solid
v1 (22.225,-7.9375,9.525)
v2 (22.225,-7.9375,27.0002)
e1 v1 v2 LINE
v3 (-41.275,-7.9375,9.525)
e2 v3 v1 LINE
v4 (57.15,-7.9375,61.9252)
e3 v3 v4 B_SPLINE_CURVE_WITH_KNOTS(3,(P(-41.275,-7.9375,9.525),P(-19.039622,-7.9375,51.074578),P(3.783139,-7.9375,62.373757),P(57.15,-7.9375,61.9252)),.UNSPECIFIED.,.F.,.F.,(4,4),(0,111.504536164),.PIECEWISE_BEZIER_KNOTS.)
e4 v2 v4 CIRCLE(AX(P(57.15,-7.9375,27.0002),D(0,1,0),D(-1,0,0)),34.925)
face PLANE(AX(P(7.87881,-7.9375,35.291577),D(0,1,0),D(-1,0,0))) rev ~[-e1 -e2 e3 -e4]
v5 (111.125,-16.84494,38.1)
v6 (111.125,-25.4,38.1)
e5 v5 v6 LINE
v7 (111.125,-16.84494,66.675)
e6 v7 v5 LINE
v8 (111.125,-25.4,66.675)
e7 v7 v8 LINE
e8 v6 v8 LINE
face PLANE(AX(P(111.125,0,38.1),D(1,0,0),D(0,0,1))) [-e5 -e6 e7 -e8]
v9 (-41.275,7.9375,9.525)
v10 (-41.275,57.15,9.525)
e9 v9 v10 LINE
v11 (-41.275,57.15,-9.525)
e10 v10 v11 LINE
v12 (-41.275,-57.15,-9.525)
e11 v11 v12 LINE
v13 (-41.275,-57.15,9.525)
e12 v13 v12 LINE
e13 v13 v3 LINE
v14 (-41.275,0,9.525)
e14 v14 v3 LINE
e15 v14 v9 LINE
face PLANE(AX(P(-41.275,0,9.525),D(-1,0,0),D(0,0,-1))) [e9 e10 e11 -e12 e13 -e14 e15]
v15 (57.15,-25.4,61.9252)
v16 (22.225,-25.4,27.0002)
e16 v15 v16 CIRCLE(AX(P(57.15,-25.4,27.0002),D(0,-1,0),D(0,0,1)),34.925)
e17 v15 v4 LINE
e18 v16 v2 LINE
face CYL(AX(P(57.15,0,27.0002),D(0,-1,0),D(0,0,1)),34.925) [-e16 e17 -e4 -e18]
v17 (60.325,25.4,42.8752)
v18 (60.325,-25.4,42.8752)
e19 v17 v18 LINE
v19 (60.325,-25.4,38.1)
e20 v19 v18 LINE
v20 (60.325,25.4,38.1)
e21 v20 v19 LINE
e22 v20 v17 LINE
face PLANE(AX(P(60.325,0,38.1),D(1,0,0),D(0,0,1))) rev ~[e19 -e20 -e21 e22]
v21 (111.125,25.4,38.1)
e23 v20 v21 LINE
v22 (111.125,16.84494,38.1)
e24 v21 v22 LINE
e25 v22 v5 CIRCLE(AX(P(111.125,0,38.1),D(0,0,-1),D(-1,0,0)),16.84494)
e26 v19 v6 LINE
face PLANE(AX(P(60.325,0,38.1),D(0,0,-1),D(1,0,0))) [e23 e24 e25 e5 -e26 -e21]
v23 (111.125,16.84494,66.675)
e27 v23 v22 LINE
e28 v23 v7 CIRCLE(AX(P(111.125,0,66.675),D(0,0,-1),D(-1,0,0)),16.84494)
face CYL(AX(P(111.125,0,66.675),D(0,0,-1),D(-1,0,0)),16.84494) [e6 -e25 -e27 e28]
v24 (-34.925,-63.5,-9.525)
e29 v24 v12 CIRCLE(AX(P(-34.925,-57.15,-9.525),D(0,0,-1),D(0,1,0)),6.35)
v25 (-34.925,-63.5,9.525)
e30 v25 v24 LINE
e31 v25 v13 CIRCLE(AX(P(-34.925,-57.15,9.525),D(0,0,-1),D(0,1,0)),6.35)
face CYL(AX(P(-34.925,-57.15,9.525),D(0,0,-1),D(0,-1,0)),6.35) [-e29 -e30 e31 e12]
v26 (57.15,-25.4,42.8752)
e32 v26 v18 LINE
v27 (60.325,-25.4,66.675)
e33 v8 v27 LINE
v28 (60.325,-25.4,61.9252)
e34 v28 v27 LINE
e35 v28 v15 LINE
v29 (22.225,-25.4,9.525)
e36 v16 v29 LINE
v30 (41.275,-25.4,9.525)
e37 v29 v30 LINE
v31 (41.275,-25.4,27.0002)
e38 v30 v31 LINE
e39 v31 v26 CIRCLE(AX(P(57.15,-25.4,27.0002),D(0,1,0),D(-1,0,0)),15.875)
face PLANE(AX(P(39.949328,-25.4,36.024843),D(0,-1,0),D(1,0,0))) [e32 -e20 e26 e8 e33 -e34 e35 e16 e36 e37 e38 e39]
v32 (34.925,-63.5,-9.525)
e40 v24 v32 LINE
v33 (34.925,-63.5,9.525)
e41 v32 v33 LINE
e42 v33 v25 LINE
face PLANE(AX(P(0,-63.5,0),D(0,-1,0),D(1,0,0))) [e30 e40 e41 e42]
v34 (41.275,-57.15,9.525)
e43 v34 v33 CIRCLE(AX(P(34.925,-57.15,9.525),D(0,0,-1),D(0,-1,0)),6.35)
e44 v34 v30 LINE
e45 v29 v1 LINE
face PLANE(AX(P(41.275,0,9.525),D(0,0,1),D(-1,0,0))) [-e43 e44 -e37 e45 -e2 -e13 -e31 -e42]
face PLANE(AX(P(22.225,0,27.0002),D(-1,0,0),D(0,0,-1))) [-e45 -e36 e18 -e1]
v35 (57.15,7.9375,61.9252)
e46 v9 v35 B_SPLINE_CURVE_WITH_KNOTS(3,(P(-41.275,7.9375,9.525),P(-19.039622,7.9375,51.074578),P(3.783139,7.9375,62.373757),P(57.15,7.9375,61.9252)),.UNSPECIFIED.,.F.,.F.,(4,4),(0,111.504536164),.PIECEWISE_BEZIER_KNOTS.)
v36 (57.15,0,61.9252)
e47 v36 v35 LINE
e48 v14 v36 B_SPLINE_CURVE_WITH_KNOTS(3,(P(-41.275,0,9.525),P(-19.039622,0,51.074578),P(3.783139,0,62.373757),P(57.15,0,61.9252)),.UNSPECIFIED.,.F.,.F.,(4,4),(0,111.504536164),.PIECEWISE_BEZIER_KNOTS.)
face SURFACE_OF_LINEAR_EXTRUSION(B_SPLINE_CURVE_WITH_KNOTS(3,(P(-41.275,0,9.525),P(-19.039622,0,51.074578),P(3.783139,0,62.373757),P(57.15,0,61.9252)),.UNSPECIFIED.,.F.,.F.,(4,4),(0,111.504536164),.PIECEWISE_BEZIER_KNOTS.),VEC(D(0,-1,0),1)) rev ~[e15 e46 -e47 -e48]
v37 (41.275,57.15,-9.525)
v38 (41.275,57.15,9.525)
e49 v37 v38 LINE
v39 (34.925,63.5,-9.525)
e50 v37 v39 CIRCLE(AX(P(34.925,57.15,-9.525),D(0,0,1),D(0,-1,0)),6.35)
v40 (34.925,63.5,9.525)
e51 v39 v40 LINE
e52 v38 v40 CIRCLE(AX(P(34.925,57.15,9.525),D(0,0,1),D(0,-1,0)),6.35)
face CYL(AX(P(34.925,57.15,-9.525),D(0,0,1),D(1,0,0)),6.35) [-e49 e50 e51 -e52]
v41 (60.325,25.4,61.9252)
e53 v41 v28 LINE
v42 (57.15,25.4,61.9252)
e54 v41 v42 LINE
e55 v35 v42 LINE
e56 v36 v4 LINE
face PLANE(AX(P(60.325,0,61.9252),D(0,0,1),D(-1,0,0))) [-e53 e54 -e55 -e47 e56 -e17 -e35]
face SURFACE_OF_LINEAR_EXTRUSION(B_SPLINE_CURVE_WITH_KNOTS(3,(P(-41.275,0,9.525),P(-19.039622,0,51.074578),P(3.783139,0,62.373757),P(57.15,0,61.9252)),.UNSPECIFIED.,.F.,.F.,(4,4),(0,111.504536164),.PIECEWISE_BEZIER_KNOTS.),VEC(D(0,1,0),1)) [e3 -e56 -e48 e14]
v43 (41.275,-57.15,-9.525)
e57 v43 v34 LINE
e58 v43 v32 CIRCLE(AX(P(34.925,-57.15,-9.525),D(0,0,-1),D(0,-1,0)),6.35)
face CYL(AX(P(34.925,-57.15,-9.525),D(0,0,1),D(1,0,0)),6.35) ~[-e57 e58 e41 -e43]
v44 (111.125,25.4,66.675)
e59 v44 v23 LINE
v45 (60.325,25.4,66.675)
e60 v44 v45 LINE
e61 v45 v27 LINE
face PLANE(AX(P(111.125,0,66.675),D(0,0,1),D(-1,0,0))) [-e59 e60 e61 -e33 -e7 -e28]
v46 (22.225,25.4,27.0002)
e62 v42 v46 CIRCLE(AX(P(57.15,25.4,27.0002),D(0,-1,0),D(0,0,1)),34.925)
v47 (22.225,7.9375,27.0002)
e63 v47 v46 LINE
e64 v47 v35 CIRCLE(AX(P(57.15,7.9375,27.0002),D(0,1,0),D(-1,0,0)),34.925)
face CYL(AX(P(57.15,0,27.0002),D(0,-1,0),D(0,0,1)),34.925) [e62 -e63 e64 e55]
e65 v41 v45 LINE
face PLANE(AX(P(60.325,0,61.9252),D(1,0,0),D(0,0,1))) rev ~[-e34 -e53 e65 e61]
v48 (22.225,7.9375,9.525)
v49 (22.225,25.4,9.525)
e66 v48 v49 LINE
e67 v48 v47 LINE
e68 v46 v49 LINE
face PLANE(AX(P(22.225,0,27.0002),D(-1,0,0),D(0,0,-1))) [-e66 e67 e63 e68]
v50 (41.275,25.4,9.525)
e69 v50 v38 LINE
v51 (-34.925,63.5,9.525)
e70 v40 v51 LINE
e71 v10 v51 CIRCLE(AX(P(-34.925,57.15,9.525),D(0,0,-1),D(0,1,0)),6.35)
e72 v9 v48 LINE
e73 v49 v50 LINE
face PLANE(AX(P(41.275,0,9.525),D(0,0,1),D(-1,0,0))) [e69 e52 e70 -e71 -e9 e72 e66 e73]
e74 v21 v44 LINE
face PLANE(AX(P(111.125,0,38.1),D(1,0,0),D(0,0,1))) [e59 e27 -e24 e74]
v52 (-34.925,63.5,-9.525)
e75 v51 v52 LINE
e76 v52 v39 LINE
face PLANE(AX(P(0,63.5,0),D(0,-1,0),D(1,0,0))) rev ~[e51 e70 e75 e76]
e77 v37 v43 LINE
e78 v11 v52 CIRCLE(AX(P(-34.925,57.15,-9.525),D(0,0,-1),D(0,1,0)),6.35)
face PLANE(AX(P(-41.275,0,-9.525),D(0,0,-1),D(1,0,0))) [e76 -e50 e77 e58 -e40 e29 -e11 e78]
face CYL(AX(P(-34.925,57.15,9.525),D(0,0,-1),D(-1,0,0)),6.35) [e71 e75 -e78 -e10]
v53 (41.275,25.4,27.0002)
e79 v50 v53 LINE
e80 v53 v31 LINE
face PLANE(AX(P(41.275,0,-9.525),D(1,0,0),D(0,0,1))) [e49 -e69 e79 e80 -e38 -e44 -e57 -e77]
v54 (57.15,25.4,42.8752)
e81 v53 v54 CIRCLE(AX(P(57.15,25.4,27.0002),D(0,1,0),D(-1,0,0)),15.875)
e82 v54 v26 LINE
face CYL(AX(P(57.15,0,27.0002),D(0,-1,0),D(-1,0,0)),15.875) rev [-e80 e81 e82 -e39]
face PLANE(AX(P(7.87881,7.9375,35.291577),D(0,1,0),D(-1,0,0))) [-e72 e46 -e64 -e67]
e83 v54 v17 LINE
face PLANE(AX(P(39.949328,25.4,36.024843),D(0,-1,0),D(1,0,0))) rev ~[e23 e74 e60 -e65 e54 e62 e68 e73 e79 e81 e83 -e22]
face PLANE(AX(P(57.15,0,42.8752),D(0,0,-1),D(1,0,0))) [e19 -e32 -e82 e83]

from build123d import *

# Parameters (mm, degrees)
F1_DEPTH = 63.5
F2_DEPTH = 7.9375
F0_W     = 33.9550597797
F0_H     = 4.7752
F0_H_2   = 19.05
F0_H_3   = 4.7498
F3_DEPTH = 25.4
F5_R     = 6.35


with BuildPart() as f1:
    # F0 (on Front) → F1 (new body, symmetric)
    with BuildSketch(Plane.XZ):
        Polygon((-41.275, 9.525), (-41.275, -9.525), (41.275, -9.525), (41.275, 9.525), (22.225, 9.525), align=None)
    extrude(amount=F1_DEPTH, both=True)

    # F0 (on Front) → F2 (join, symmetric)
    with BuildSketch(Plane.XZ):
        with BuildLine():
            add(Edge.make_bspline(
                [(-41.275, 9.525), (-19.039621679, 51.0745784103), (3.7831389959, 62.3737565157), (57.15, 61.9252)],
                knots=[0, 0, 0, 0, 111.5045361635, 111.5045361635, 111.5045361635, 111.5045361635], degree=3))
            Line((-41.275, 9.525), (22.225, 9.525))
            Line((22.225, 9.525), (22.225, 27.0002))
            ThreePointArc((22.225, 27.0002), (32.4542956671, 51.6959043329), (57.15, 61.9252))
        make_face()
    extrude(amount=F2_DEPTH, both=True)

    # F0 (on Front) → F3 (join, symmetric)
    with BuildSketch(Plane.XZ):
        with BuildLine():
            Line((22.225, 9.525), (41.275, 9.525))
            Line((41.275, 9.525), (41.275, 27.0002))
            ThreePointArc((41.275, 27.0002), (45.9246798487, 38.2255201513), (57.15, 42.8752))
            Line((57.15, 42.8752), (60.325, 42.8752))
            Line((60.325, 42.8752), (60.325, 61.9252))
            Line((60.325, 61.9252), (57.15, 61.9252))
            ThreePointArc((57.15, 61.9252), (32.4542956671, 51.6959043329), (22.225, 27.0002))
            Line((22.225, 27.0002), (22.225, 9.525))
        make_face()
        with Locations((77.3025298899, 40.4876)):
            Rectangle(F0_W, F0_H)
        with Locations((77.3025298899, 52.4002)):
            Rectangle(F0_W, F0_H_2)
        with Locations((77.3025298899, 64.3001)):
            Rectangle(F0_W, F0_H_3)
        Polygon((94.2800597797, 66.675), (94.2800597797, 61.9252), (94.2800597797, 42.8752), (94.2800597797, 38.1), (111.125, 38.1), (111.125, 66.675), align=None)
    extrude(amount=F3_DEPTH, both=True)

    # F0 (on Front) → F4 (revolve)
    with BuildSketch(Plane.XZ):
        Polygon((94.2800597797, 66.675), (94.2800597797, 61.9252), (94.2800597797, 42.8752), (94.2800597797, 38.1), (111.125, 38.1), (111.125, 66.675), align=None)
    revolve(axis=Axis((111.125, 0, 52.3875), (0, 0, -1)))

    # F5
    f5_edges = [f1.edges().sort_by_distance(p)[0] for p in [
        (-41.275, 63.5, 0),
        (-41.275, -63.5, 0),
        (41.275, -63.5, 0),
        (41.275, 63.5, 0),
    ]]
    fillet(f5_edges, radius=F5_R)


solid = f1.part
